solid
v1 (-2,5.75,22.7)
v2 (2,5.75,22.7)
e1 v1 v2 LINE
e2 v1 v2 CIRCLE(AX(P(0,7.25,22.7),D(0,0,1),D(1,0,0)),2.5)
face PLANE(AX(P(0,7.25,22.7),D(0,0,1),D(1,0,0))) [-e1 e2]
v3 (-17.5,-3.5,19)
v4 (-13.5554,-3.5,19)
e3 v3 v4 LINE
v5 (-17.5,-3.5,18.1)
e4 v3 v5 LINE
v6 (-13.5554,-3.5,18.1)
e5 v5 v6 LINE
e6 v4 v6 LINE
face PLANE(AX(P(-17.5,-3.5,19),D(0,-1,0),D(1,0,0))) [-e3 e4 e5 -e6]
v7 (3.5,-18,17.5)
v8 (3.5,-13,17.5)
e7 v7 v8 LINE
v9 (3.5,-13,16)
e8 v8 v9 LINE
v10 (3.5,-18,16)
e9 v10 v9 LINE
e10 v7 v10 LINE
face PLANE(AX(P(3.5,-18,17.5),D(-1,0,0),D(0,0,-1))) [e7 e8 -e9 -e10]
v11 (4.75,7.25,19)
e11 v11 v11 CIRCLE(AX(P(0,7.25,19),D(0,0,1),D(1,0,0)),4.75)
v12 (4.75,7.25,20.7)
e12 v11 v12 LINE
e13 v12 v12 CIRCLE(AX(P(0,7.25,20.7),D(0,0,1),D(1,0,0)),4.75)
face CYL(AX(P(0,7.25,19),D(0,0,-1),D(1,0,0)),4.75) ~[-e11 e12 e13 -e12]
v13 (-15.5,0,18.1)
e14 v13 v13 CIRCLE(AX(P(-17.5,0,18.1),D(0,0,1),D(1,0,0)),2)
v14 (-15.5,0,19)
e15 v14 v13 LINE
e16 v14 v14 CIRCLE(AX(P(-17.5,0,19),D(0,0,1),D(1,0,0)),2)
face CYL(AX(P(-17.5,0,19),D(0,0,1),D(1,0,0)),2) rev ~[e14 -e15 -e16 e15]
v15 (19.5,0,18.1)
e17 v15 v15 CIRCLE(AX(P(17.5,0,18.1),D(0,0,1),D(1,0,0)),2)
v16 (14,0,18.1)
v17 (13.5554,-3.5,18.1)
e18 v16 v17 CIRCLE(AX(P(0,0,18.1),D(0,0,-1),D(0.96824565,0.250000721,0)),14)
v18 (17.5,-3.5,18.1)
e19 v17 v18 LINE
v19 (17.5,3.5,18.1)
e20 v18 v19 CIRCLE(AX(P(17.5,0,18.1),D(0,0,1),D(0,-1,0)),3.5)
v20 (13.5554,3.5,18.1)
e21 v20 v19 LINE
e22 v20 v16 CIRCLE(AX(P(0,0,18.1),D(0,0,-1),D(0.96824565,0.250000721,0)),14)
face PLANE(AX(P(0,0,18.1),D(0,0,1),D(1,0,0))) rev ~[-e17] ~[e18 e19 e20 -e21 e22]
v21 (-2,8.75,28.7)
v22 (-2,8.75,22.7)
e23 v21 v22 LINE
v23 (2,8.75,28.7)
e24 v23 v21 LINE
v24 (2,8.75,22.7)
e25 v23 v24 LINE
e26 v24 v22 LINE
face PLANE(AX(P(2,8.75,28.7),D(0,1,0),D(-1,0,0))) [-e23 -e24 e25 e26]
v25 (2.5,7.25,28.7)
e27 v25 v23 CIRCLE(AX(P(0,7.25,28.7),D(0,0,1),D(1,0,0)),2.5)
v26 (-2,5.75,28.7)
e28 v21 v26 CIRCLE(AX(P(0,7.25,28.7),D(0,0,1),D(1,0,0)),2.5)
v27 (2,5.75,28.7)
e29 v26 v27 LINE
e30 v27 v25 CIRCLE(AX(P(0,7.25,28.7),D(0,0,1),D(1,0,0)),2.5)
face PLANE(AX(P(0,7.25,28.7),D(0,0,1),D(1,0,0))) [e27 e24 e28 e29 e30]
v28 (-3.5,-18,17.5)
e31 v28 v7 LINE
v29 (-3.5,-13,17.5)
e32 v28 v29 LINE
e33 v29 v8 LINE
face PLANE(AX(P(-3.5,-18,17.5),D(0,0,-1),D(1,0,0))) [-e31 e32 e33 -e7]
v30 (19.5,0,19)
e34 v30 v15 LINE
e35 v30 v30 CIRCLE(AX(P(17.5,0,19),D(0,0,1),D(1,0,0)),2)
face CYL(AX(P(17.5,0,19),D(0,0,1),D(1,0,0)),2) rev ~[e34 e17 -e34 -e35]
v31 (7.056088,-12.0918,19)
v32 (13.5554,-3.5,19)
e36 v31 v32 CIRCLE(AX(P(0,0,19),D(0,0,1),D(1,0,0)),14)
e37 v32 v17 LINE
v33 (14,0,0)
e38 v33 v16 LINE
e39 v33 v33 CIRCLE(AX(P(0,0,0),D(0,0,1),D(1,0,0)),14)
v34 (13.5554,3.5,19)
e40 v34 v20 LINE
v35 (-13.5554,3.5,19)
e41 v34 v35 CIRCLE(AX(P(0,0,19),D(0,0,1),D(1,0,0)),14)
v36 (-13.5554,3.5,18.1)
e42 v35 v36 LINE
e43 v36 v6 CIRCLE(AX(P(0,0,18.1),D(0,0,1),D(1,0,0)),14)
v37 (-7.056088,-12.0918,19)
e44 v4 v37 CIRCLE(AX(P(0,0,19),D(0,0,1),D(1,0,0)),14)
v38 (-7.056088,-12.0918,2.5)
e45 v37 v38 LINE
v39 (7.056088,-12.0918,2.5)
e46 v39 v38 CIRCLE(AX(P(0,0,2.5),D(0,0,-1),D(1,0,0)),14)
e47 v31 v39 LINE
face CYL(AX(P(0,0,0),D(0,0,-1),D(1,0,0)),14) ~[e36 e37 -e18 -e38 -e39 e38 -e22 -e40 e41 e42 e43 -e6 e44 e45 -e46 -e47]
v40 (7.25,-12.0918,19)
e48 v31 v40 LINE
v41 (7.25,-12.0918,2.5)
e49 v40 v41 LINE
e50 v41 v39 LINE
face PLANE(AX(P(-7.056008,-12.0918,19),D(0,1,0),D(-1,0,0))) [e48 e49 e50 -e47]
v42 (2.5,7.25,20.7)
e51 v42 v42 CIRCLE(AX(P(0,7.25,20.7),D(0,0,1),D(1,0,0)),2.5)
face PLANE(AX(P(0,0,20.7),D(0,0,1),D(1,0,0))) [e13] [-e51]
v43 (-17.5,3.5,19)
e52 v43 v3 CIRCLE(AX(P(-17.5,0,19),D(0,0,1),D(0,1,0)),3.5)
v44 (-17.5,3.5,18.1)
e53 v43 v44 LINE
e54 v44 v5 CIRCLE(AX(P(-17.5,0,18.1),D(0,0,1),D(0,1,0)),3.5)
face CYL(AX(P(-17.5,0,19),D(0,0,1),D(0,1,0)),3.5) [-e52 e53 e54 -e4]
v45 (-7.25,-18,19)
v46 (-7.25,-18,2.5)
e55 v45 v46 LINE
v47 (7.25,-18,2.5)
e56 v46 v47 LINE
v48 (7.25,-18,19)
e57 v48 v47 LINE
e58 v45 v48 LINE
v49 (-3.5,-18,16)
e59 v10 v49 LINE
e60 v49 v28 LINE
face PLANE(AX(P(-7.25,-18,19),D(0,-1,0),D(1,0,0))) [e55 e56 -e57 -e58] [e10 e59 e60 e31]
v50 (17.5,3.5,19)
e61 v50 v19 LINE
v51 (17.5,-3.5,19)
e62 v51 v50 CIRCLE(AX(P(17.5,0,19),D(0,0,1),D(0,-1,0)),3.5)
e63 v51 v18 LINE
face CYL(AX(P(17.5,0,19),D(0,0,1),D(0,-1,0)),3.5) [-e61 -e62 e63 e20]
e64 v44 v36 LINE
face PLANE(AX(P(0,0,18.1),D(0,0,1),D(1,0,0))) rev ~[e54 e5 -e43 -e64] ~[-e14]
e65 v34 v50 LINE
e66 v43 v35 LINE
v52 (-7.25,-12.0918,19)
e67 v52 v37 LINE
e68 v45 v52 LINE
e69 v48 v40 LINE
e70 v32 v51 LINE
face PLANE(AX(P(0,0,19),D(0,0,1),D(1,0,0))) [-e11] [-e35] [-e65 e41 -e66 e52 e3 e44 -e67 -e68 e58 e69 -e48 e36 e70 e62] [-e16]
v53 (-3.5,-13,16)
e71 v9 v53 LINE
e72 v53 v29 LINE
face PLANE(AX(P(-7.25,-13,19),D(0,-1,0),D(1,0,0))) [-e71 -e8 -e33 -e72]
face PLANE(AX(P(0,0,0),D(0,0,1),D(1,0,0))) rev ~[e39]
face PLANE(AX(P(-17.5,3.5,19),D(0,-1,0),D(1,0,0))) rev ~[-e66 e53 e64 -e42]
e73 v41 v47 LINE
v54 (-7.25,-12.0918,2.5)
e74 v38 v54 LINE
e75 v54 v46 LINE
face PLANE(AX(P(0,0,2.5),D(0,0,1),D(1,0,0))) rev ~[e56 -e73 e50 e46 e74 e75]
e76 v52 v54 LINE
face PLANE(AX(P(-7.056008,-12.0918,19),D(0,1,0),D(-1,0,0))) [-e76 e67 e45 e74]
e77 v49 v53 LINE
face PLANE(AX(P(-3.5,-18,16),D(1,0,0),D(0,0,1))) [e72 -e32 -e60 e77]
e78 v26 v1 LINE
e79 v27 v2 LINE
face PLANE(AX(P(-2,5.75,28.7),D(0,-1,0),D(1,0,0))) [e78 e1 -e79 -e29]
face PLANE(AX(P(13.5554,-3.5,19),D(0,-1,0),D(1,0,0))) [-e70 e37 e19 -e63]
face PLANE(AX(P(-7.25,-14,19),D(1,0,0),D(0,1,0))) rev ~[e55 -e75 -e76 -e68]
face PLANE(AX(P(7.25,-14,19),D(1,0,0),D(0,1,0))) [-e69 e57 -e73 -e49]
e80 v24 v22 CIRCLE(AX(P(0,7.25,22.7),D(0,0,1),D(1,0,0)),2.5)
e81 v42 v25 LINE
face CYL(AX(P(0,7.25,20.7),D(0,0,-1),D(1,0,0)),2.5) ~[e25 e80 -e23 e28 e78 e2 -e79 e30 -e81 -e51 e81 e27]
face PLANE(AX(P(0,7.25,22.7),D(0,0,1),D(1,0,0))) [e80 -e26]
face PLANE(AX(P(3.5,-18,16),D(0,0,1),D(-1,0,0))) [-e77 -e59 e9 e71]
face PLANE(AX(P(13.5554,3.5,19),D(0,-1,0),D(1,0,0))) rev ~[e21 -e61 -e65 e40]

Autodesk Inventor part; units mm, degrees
ref_plane "YZ Plane" through (0, 0, 0) normal (1, 0, 0) x (0, 1, 0)
ref_plane "XZ Plane" through (0, 0, 0) normal (0, 1, 0) x (-1, 0, 0)
ref_plane "XY Plane" through (0, 0, 0) normal (0, 0, 1) x (1, 0, 0)
sketch "スケッチ1" plane through (0, 0, 0) normal (0, 0, 1) x (1, 0, 0)
  circle A0 centre (0, 0) radius 14
  dimension "d0" = 28
extrude "押し出し1" add sketch "スケッチ1" along normal blind 19
sketch "スケッチ2" plane through (0, 0, 19) normal (0, 0, 1) x (1, 0, 0)
  circle A0 centre (0, 0) radius 14 projected
  arc A1 (-17.5, 3.5) -> (-17.5, -3.5) centre (-17.5, 0) ccw
  arc A2 (17.5, -3.5) -> (17.5, 3.5) centre (17.5, 0) ccw
  line L0 (-17.5, 3.5) -> (-13.5554, 3.5)
  line L1 (-17.5, -3.5) -> (-13.5554, -3.5)
  line L2 (13.5554, 3.5) -> (17.5, 3.5)
  line L3 (13.5554, -3.5) -> (17.5, -3.5)
  circle A3 centre (-17.5, 0) radius 2
  circle A4 centre (17.5, 0) radius 2
  dimension "d5" = 7
  dimension "d6" = 7
  dimension "d7" = 4
  dimension "d8" = 4
extrude "押し出し2" add sketch "スケッチ2" against normal blind 0.9 contours A0 L2 A2 L3 | A0 L1 A1 L0
sketch "スケッチ3" plane through (0, 0, 19) normal (0, 0, 1) x (1, 0, 0)
  line L0 (-7.25, -14) -> (-7.25, -18)
  line L1 (-7.25, -18) -> (7.25, -18)
  line L2 (7.25, -18) -> (7.25, -14)
  line L3 (-7.25, -14) -> (-7.25, -12.0918)
  line L4 (7.25, -14) -> (7.25, -12.0918)
  circle A0 centre (-17.5, 0) radius 2 projected
  circle A1 centre (17.5, 0) radius 2 projected
  arc A2 (13.5554, 3.5) -> (-13.5554, 3.5) centre (0, 0) ccw projected
  line L5 (-13.5554, 3.5) -> (-17.5, 3.5) projected
  arc A3 (-17.5, 3.5) -> (-17.5, -3.5) centre (-17.5, 0) ccw projected
  line L6 (-17.5, -3.5) -> (-13.5554, -3.5) projected
  arc A4 (-13.5554, -3.5) -> (13.5554, -3.5) centre (0, 0) ccw projected
  line L7 (13.5554, -3.5) -> (17.5, -3.5) projected
  arc A5 (17.5, -3.5) -> (17.5, 3.5) centre (17.5, 0) ccw projected
  line L8 (17.5, 3.5) -> (13.5554, 3.5) projected
  line L9 (7.25, -12.0918) -> (-7.25, -12.0918)
  line L10 (-7.25, -12.0918) -> (-7.25, -18)
  line L11 (-7.25, -18) -> (7.25, -18)
  line L12 (7.25, -18) -> (7.25, -12.0918)
extrude "押し出し3" add sketch "スケッチ3" against normal blind 16.5 contours L3 L9 A4 L4 L2 L1 L0 | L9 A4
sketch "スケッチ4" plane through (0, 0, 19) normal (0, 0, 1) x (1, 0, 0)
  arc A0 (7.056, -12.0918) -> (13.5554, -3.5) centre (0, 0) ccw projected
  line L0 (13.5554, -3.5) -> (17.5, -3.5) projected
  arc A1 (17.5, -3.5) -> (17.5, 3.5) centre (17.5, 0) ccw projected
  line L1 (17.5, 3.5) -> (13.5554, 3.5) projected
  arc A2 (13.5554, 3.5) -> (-13.5554, 3.5) centre (0, 0) ccw projected
  line L2 (-13.5554, 3.5) -> (-17.5, 3.5) projected
  arc A3 (-17.5, 3.5) -> (-17.5, -3.5) centre (-17.5, 0) ccw projected
  line L3 (-17.5, -3.5) -> (-13.5554, -3.5) projected
  arc A4 (-13.5554, -3.5) -> (-7.056, -12.0918) centre (0, 0) ccw projected
  line L4 (-7.25, -12.0918) -> (-7.056, -12.0918) projected
  line L5 (-7.25, -18) -> (-7.25, -12.0918) projected
  line L6 (7.25, -18) -> (-7.25, -18) projected
  line L7 (7.25, -12.0918) -> (7.25, -18) projected
  line L8 (7.056, -12.0918) -> (7.25, -12.0918) projected
  circle A5 centre (-17.5, 0) radius 2 projected
  circle A6 centre (17.5, 0) radius 2 projected
  circle A7 centre (0, 7.25) radius 4.75
  dimension "d15" = 9.5
extrude "押し出し4" add sketch "スケッチ4" along normal blind 1.7 contours A7
sketch "スケッチ5" plane through (0, 7.25, 20.7) normal (0, 0, 1) x (1, 0, 0)
  circle A0 centre (0, 0) radius 2.5
  point P0 (0, -7.25)
  dimension "d18" = 5
extrude "押し出し5" add sketch "スケッチ5" along normal blind 8
sketch "スケッチ6" plane through (0, 7.25, 28.7) normal (0, 0, 1) x (1, 0, 0)
  circle A0 centre (0, 0) radius 2.5 projected
  line L0 (2, 1.5) -> (-2, 1.5)
  line L1 (-2, -1.5) -> (2, -1.5)
  circle A1 centre (0, 0) radius 2.5
  point P0 (0, -7.25)
  dimension "d23" = 5
extrude "押し出し6" cut sketch "スケッチ6" against normal blind 6 contours L0 A0 | A0 L1
sketch "スケッチ7" plane through (-7.25, -18, 19) normal (0, -1, 0) x (1, 0, 0)
  line L0 (3.75, -1.5) -> (10.75, -1.5)
  line L1 (10.75, -1.5) -> (10.75, -3)
  line L2 (10.75, -3) -> (3.75, -3)
  line L3 (3.75, -3) -> (3.75, -1.5)
  point P0 (7.25, -19)
  dimension "d26" = 7
  dimension "d27" = 1.5
extrude "押し出し7" cut sketch "スケッチ7" against normal blind 5
sketch "スケッチ8" plane through (0, 0, 19) normal (0, 0, 1) x (1, 0, 0)
  circle A0 centre (0, 7.25) radius 4.75 projected
  arc A1 (7.056, -12.0918) -> (13.5554, -3.5) centre (0, 0) ccw projected
  line L0 (13.5554, -3.5) -> (17.5, -3.5) projected
  arc A2 (17.5, -3.5) -> (17.5, 3.5) centre (17.5, 0) ccw projected
  line L1 (17.5, 3.5) -> (13.5554, 3.5) projected
  arc A3 (13.5554, 3.5) -> (-13.5554, 3.5) centre (0, 0) ccw projected
  line L2 (-13.5554, 3.5) -> (-17.5, 3.5) projected
  arc A4 (-17.5, 3.5) -> (-17.5, -3.5) centre (-17.5, 0) ccw projected
  line L3 (-17.5, -3.5) -> (-13.5554, -3.5) projected
  arc A5 (-13.5554, -3.5) -> (-7.056, -12.0918) centre (0, 0) ccw projected
  line L4 (-7.25, -12.0918) -> (-7.056, -12.0918) projected
  line L5 (-7.25, -18) -> (-7.25, -12.0918) projected
  line L6 (7.25, -18) -> (-7.25, -18) projected
  line L7 (7.25, -12.0918) -> (7.25, -18) projected
  line L8 (7.056, -12.0918) -> (7.25, -12.0918) projected
  circle A6 centre (-17.5, 0) radius 2 projected
  circle A7 centre (17.5, 0) radius 2 projected
sketch "スケッチ9" plane through (0, 0, 19) normal (0, 0, 1) x (1, 0, 0)
  circle A0 centre (-17.5, 0) radius 2 projected
  circle A1 centre (-17.5, 0) radius 2
  circle A2 centre (0, 7.25) radius 4.75 projected
  circle A3 centre (0, 7.25) radius 4.75
  circle A4 centre (17.5, 0) radius 2 projected
  circle A5 centre (17.5, 0) radius 2
  point P0 (0, 0)
properties part number "28BYJ-48" material "鋼"
